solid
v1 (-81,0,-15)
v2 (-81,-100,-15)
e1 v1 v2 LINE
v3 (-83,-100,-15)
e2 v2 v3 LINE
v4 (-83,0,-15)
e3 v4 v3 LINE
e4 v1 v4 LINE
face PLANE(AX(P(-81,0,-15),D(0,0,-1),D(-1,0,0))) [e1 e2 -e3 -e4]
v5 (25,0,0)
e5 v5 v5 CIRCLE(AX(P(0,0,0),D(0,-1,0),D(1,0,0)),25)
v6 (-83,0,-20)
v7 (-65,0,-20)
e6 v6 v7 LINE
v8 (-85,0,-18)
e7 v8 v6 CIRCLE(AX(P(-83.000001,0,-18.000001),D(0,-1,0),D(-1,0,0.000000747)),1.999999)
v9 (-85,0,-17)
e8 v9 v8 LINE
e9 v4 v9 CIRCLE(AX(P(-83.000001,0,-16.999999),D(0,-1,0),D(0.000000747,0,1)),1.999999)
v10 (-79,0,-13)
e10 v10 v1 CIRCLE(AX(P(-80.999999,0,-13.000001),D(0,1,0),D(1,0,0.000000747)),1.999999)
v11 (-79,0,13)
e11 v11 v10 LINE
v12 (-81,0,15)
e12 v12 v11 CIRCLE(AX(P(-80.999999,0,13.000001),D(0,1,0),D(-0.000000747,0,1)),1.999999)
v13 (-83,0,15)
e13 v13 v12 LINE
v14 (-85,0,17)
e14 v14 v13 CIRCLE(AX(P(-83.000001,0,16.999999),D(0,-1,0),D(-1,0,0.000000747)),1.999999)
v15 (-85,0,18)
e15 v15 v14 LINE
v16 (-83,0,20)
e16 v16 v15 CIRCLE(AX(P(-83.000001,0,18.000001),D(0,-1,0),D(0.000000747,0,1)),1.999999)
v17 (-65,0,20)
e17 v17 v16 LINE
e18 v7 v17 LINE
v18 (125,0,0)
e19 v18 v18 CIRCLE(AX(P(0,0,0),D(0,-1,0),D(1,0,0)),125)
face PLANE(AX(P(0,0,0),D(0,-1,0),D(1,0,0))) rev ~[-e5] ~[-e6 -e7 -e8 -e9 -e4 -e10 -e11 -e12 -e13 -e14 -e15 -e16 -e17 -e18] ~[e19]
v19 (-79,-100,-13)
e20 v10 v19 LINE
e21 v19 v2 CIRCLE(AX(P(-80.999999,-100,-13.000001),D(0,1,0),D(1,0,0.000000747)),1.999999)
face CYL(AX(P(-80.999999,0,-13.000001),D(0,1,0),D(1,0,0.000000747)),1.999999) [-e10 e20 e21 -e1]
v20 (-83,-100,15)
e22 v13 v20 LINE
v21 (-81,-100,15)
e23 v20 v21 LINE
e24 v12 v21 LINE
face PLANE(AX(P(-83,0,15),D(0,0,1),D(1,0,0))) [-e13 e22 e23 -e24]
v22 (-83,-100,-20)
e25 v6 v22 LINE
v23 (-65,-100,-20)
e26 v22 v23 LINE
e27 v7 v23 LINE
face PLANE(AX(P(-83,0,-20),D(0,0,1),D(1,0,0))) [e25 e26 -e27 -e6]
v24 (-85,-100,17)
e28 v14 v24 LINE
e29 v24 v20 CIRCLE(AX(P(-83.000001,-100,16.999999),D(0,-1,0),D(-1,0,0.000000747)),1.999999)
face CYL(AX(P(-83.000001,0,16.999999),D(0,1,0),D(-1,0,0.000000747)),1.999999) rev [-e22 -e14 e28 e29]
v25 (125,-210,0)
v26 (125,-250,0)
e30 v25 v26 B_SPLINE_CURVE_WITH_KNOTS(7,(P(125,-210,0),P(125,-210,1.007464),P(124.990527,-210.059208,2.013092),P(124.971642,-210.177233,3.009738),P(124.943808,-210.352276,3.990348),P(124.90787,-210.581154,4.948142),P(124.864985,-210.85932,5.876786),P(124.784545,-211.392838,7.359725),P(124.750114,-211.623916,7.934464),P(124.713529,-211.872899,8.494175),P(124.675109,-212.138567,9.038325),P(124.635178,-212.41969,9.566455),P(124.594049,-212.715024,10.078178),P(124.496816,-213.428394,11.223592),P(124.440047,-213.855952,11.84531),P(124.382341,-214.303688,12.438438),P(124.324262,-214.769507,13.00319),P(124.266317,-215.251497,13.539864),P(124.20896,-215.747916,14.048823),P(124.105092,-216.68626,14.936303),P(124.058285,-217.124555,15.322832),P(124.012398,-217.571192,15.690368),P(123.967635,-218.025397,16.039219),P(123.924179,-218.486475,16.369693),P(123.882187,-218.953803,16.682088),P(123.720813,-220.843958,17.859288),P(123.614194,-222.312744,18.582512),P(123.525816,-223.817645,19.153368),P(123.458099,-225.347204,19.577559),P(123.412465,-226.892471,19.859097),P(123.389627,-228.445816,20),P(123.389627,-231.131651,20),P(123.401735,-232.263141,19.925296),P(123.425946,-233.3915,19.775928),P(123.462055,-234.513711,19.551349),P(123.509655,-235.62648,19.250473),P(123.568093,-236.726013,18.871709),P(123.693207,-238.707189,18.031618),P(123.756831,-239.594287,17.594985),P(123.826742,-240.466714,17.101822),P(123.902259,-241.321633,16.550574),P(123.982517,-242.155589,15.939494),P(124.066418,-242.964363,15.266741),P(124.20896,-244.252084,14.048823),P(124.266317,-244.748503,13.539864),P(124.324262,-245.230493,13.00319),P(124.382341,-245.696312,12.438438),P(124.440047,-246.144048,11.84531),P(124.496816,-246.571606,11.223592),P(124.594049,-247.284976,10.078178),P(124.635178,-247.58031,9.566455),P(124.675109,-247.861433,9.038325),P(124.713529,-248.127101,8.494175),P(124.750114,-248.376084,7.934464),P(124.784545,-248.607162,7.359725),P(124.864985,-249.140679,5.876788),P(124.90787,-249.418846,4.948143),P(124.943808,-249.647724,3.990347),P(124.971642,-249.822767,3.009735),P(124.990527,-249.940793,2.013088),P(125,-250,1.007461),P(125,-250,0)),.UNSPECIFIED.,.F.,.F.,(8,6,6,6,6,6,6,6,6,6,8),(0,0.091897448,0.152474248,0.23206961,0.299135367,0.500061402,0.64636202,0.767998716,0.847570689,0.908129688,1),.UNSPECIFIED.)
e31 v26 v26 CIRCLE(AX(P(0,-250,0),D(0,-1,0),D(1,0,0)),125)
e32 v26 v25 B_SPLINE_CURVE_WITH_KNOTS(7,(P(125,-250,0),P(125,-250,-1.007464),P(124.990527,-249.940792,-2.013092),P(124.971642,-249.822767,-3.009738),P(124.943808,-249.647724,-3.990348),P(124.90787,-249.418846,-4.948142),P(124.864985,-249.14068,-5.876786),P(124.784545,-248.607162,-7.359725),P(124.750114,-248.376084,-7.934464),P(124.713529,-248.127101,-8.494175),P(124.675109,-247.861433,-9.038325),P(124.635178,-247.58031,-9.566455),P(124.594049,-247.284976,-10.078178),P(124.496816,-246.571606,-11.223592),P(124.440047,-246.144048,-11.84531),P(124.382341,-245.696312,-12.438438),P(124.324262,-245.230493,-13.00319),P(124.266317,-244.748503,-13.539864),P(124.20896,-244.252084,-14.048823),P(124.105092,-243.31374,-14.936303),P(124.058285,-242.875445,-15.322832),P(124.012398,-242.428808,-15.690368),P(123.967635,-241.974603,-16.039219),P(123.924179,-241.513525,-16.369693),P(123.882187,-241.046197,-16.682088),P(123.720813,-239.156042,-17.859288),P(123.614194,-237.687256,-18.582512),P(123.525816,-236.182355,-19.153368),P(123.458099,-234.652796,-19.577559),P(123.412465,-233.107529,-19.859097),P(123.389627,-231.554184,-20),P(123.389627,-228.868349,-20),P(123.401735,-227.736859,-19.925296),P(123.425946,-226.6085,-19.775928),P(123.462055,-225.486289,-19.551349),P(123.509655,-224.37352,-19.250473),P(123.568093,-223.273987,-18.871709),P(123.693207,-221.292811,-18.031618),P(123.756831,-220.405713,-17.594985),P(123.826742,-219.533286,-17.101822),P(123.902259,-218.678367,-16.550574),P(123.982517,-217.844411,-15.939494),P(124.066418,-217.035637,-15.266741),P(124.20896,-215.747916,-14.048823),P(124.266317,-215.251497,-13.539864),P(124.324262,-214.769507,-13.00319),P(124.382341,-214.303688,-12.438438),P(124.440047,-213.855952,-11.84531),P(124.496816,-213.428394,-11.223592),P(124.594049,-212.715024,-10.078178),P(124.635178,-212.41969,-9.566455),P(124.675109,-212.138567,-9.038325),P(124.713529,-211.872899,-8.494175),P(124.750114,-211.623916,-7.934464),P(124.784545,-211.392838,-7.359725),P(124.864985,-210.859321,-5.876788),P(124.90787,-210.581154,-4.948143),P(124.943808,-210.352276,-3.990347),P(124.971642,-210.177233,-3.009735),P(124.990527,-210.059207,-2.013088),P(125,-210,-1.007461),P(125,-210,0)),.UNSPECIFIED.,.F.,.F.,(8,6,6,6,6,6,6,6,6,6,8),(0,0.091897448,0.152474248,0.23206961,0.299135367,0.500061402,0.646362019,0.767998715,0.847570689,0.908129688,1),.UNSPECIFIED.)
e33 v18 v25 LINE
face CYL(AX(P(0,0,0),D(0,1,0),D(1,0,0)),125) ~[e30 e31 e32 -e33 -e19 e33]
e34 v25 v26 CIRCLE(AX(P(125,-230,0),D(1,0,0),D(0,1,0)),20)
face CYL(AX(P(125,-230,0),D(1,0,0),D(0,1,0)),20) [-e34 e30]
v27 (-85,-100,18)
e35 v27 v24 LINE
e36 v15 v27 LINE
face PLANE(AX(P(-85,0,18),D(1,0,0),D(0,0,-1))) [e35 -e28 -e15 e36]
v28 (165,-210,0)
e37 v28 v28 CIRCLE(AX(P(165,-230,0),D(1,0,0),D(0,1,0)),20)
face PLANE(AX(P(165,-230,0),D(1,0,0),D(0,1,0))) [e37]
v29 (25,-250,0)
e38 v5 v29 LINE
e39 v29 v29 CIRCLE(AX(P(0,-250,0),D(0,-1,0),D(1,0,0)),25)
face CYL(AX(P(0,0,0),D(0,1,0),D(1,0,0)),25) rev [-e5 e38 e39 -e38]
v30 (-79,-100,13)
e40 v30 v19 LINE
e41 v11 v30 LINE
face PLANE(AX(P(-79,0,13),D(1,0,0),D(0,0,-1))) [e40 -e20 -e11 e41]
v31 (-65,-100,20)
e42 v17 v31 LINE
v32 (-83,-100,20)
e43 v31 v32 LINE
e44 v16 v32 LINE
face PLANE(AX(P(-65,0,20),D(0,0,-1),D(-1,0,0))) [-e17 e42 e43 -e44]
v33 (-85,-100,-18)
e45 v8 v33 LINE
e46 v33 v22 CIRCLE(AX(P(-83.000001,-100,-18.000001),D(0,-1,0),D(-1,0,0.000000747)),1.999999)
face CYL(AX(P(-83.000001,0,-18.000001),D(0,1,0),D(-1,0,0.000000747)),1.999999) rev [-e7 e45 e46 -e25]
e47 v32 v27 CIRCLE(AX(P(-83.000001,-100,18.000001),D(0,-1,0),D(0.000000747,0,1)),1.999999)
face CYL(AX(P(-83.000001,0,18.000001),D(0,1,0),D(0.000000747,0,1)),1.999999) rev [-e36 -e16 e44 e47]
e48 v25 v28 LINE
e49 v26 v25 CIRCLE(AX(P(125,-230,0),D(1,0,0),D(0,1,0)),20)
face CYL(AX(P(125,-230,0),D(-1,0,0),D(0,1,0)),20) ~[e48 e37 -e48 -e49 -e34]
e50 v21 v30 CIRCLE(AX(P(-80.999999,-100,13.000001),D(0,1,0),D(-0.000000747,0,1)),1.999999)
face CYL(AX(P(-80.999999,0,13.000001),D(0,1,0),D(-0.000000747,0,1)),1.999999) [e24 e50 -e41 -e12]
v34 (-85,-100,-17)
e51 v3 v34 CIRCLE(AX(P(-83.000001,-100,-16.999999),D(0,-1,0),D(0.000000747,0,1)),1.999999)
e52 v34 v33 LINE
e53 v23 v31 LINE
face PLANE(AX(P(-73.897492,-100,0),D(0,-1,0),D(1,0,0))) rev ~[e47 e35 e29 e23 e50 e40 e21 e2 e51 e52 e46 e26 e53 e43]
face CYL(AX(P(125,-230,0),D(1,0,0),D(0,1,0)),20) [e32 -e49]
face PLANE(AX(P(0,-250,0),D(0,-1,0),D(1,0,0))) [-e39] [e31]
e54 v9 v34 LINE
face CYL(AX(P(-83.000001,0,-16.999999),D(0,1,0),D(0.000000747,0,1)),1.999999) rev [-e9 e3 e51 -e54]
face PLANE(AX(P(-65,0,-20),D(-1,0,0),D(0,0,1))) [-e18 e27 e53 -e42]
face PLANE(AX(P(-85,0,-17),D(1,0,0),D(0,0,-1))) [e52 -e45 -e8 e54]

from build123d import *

# Parameters (mm, degrees)
F0_R          = 125
F0_R_2        = 25
F1_DEPTH      = 250
F3_DEPTH      = 100
F5_R          = 20
F6_DEPTH      = 40
F6_DEPTH_BACK = 10


with BuildPart() as f1:
    # F0 (on Front) → F1 (new body)
    with BuildSketch(Plane.XZ):
        Circle(F0_R)
        Circle(F0_R_2, mode=Mode.SUBTRACT)
    extrude(amount=F1_DEPTH)

    # F2 (on Front) → F3 (cut)
    with BuildSketch(Plane.XZ):
        with BuildLine():
            Line((-65, 20), (-83, 20))
            ThreePointArc((-83, 20), (-84.414214, 19.414214), (-85, 18))
            Line((-85, 18), (-85, 17))
            ThreePointArc((-85, 17), (-84.414214, 15.585786), (-83, 15))
            Line((-83, 15), (-81, 15))
            ThreePointArc((-81, 15), (-79.585786, 14.414214), (-79, 13))
            Line((-79, 13), (-79, -13))
            ThreePointArc((-79, -13), (-79.585786, -14.414214), (-81, -15))
            Line((-81, -15), (-83, -15))
            ThreePointArc((-83, -15), (-84.414214, -15.585786), (-85, -17))
            Line((-85, -17), (-85, -18))
            ThreePointArc((-85, -18), (-84.414214, -19.414214), (-83, -20))
            Line((-83, -20), (-65, -20))
            Line((-65, -20), (-65, 20))
        make_face()
    extrude(amount=F3_DEPTH, mode=Mode.SUBTRACT)

    # F5 (on offset) → F6 (join, two sides)
    with BuildSketch(Plane.YZ.offset(125)) as f6_sk:
        with Locations((-230, 0)):
            Circle(F5_R)
    extrude(amount=F6_DEPTH)
    extrude(f6_sk.sketch, amount=-F6_DEPTH_BACK)


solid = f1.part
